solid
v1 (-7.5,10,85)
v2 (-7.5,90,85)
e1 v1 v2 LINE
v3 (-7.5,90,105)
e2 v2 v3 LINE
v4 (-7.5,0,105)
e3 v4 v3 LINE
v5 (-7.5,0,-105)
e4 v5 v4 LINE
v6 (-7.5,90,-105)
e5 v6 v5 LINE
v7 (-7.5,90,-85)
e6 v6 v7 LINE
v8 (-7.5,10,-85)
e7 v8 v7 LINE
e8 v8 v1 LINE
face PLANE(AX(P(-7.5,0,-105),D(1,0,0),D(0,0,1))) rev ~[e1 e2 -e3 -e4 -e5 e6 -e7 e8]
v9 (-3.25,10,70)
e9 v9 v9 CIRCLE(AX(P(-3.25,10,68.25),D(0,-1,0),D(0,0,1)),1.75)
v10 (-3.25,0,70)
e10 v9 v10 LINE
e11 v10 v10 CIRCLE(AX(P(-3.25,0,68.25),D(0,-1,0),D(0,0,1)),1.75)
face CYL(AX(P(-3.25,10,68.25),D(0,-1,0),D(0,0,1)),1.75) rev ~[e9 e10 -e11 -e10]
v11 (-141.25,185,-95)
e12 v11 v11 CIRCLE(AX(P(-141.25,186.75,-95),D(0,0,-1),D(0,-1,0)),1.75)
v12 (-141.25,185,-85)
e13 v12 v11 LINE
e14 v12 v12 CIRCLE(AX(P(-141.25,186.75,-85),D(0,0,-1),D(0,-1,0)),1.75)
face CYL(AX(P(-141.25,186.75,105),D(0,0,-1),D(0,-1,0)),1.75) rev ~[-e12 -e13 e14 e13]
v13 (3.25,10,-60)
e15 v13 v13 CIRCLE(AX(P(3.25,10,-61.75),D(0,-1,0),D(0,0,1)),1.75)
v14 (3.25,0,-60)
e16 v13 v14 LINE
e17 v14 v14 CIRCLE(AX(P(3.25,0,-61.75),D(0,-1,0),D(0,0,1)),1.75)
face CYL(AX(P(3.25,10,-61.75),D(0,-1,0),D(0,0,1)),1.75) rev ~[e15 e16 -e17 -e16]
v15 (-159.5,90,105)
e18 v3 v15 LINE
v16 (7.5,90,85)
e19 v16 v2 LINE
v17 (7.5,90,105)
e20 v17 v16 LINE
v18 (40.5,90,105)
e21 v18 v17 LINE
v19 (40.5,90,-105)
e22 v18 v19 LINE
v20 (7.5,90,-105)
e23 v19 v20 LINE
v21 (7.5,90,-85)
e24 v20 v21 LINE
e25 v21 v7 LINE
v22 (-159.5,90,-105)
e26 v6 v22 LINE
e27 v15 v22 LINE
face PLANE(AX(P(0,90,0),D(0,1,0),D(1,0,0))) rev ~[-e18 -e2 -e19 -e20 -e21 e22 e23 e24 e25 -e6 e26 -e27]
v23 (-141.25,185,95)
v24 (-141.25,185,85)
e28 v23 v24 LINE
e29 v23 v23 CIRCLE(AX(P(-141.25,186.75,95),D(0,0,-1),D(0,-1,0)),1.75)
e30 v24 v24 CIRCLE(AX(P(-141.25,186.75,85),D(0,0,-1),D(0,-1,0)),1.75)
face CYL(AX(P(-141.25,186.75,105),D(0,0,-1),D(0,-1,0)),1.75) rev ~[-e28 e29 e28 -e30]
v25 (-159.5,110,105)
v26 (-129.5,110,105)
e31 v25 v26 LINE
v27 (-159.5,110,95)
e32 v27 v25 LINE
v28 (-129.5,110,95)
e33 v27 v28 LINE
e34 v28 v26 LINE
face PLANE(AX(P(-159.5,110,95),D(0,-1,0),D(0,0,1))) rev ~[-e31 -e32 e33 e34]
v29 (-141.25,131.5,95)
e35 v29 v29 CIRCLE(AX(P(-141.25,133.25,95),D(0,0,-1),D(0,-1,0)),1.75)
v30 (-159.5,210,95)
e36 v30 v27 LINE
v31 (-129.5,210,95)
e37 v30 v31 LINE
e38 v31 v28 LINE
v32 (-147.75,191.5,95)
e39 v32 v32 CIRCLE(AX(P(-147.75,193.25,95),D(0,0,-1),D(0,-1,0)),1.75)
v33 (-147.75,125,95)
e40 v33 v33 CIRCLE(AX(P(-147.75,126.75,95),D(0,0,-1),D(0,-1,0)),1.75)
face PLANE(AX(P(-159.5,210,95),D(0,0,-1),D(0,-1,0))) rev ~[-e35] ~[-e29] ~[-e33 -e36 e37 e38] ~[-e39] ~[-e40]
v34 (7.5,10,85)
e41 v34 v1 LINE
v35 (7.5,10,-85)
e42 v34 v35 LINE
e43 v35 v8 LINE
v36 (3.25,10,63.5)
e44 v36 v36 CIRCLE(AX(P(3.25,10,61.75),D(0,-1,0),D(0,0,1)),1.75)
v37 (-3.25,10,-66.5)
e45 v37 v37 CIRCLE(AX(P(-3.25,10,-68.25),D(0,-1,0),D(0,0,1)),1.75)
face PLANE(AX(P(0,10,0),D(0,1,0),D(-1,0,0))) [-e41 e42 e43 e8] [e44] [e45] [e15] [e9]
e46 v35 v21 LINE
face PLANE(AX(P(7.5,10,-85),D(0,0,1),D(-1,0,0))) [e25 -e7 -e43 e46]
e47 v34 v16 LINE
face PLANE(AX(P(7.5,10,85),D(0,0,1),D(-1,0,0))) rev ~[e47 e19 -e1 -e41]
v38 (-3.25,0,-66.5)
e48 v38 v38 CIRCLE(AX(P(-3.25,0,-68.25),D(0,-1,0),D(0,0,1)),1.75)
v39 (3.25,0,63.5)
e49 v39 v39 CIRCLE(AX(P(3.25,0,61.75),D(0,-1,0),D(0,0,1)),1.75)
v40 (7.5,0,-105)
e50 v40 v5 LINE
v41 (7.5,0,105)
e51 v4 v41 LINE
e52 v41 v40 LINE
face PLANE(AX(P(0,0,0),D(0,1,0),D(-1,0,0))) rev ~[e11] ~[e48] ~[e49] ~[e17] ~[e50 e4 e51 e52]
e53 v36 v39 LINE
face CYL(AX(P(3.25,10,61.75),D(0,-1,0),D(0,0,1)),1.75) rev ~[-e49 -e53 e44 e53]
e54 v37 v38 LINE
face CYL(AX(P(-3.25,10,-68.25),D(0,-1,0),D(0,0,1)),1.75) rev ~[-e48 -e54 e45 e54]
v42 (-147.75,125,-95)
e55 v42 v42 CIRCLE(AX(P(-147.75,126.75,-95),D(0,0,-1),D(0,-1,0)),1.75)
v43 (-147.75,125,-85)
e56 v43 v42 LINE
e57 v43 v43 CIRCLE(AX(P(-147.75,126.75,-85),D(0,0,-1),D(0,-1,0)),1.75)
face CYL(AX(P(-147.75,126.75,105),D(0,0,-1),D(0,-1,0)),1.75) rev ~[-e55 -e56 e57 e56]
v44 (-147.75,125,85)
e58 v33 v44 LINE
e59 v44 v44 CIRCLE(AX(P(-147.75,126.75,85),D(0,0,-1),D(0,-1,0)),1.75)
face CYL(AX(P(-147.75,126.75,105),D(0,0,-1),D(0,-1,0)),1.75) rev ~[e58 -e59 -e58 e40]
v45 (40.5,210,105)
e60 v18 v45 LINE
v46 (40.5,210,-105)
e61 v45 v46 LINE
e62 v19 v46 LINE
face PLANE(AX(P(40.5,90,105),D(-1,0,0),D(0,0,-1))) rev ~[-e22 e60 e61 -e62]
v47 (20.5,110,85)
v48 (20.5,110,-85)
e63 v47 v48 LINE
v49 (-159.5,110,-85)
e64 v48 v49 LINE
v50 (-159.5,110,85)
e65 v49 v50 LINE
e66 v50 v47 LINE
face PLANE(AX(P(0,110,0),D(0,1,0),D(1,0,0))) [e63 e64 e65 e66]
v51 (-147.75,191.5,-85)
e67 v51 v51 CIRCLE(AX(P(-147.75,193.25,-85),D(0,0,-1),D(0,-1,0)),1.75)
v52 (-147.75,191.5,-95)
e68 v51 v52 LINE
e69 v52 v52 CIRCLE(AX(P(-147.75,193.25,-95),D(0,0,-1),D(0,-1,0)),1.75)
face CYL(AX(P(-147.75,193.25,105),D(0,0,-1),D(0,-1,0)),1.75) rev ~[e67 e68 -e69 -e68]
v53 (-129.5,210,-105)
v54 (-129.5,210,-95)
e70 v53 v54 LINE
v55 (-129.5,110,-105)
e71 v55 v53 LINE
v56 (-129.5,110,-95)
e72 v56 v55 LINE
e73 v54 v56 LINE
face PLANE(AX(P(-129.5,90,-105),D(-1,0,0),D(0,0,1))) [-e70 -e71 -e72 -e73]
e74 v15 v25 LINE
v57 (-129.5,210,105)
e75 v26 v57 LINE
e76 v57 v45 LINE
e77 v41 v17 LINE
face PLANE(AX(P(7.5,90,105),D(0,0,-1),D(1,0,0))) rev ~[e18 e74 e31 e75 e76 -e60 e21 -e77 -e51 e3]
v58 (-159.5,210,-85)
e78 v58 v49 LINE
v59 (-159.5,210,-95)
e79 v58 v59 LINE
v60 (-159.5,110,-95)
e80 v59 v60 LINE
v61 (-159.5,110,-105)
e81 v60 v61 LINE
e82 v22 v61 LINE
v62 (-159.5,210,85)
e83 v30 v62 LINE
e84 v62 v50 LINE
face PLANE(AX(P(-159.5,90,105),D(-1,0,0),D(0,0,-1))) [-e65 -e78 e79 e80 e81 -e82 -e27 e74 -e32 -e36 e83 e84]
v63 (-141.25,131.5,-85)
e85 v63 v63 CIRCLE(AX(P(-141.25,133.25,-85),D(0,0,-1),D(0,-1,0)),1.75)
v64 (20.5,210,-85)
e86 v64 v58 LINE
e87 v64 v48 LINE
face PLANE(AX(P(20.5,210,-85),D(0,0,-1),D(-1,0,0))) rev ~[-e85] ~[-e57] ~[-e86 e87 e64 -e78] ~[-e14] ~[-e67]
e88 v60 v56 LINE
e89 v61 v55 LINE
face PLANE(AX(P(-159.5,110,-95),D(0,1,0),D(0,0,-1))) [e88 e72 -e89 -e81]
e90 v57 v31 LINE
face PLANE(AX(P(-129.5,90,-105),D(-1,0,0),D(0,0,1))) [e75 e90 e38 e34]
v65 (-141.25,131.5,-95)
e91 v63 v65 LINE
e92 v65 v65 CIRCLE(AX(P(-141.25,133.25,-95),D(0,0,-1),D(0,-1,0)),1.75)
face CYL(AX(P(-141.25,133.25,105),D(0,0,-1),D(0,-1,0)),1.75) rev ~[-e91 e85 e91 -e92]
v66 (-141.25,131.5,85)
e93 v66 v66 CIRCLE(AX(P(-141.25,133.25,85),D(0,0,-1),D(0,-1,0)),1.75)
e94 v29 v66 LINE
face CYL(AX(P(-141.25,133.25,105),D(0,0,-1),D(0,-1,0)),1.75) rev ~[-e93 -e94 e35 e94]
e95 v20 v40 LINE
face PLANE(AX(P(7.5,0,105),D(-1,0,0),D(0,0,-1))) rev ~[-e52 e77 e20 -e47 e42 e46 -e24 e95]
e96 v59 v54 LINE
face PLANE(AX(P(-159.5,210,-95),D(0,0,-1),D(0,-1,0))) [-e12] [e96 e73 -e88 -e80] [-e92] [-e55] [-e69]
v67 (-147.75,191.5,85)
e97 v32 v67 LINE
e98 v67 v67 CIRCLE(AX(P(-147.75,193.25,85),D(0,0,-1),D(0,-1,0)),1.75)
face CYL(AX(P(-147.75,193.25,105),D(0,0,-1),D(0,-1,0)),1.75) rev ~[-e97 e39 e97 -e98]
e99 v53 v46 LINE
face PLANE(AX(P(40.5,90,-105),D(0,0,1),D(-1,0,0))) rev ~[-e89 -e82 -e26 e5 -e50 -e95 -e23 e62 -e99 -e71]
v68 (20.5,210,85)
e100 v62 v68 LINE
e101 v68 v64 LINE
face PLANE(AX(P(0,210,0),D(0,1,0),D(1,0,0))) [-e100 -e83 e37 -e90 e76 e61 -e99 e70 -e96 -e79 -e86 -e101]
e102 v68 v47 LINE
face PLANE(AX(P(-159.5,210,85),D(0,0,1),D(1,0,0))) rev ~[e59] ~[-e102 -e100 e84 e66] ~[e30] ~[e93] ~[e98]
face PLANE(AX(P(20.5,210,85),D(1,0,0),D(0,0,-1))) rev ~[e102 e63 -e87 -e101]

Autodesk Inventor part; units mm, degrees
ref_plane "YZ Plane" through (0, 0, 0) normal (1, 0, 0) x (0, 1, 0)
ref_plane "XZ Plane" through (0, 0, 0) normal (0, 1, 0) x (-1, 0, 0)
ref_plane "XY Plane" through (0, 0, 0) normal (0, 0, 1) x (1, 0, 0)
sketch "Boceto2" plane through (0, 0, 0) normal (0, 1, 0) x (-1, 0, 0)
  line L0 (7.5, 105) -> (-7.5, 105)
  line L1 (-7.5, 105) -> (-7.5, -105)
  line L2 (-7.5, -105) -> (7.5, -105)
  line L3 (7.5, -105) -> (7.5, 105)
  line L4 (7.5, 105) -> (-7.5, -105) construction
  line L5 (-7.5, 105) -> (7.5, -105) construction
  point P0 (0, 0)
  dimension "d7" = 15
  dimension "d8" = 210
extrude "Extrusión1" add sketch "Boceto2" along normal blind 10
sketch "Boceto3" plane through (0, 10, 0) normal (0, 1, 0) x (1, 0, 0)
  line L0 (5, 60) -> (-5, 60)
  line L1 (-5, 60) -> (-5, 70)
  line L2 (-5, 70) -> (5, 70)
  line L3 (5, 70) -> (5, 60)
  line L4 (5, 60) -> (-5, 70) construction
  line L5 (7.5, 105) -> (-7.5, 105) projected
  line L6 (0, 64.5148) -> (0, 61.9205)
  circle A0 centre (3.25, 61.75) radius 1.75
  circle A1 centre (-3.25, 68.25) radius 1.75
  line L7 (-7.5, 105) -> (-7.5, -105) projected
  line L8 (-7.5, 0) -> (0, 0)
  line L9 (5, -70) -> (5, -60)
  line L10 (-5, -70) -> (5, -70)
  line L11 (5, -60) -> (-5, -60)
  line L12 (-5, -60) -> (-5, -70)
  line L13 (5, -60) -> (-5, -70) construction
  line L14 (0, -64.5148) -> (0, -61.9205)
  circle A2 centre (-3.25, -68.25) radius 1.75
  circle A3 centre (3.25, -61.75) radius 1.75
  point P0 (3.25, 68.25)
  point P1 (-5, 65)
  point P2 (-3.25, 61.75)
  point P3 (0, 105)
  point P4 (3.25, -68.25)
  point P5 (-3.25, -61.75)
  point P6 (-5, -65)
  dimension "d12" = 1.75
  dimension "d13" = 1.75
  dimension "d14" = 1.75
  dimension "d15" = 1.75
  dimension "d16" = 10
  dimension "d17" = 10
  dimension "d19" = 35
  dimension "d67" = 36.75
hole "Agujero1" at (3.25, 10, -61.75) at (-3.25, 10, -68.25) at (-3.25, 10, 68.25) at (3.25, 10, 61.75) direction (0, -1, 0) diameter 3.5 end through all
sketch "Boceto4" plane through (0, 10, 0) normal (0, 1, 0) x (1, 0, 0)
  line L0 (-7.5, 105) -> (-7.5, -105) projected
  line L1 (-7.5, -105) -> (7.5, -105)
  line L2 (7.5, -105) -> (7.5, -85)
  line L3 (7.5, -85) -> (-7.5, -85)
  line L4 (-7.5, -85) -> (-7.5, -105)
  line L5 (-7.5, 0) -> (1.0116, 0)
  line L6 (-7.5, -105) -> (-7.5, 105)
  line L7 (-7.5, 105) -> (7.5, 105)
  line L8 (7.5, 105) -> (7.5, 85)
  line L9 (7.5, 85) -> (-7.5, 85)
  line L10 (-7.5, 85) -> (-7.5, 105)
  point P0 (0, 0)
  dimension "d27" = 15
  dimension "d28" = 20
extrude "Extrusión2" add sketch "Boceto4" along normal blind 80
sketch "Boceto5" plane through (0, 90, 0) normal (0, 1, 0) x (1, 0, 0)
  line L0 (-7.5, -105) -> (7.5, -105) projected
  line L1 (-7.5, -105) -> (40.5, -105)
  line L2 (40.5, -105) -> (40.5, 105)
  line L3 (40.5, 105) -> (-7.5, 105)
  line L4 (-7.5, 105) -> (-7.5, -105)
  line L5 (40.5, -105) -> (-159.5, -105)
  line L6 (-159.5, -105) -> (-159.5, 105)
  line L7 (-159.5, 105) -> (40.5, 105)
  line L8 (40.5, 105) -> (40.5, -105)
  point P0 (0, 0)
  dimension "d31" = 48
  dimension "d32" = 200
extrude "Extrusión3" add sketch "Boceto5" along normal blind 120
sketch "Boceto6" plane through (0, 210, 0) normal (0, 1, 0) x (1, 0, 0)
  line L0 (40.5, 105) -> (7.5, 105) projected
  line L1 (40.5, 105) -> (20.5, 105)
  line L2 (20.5, 105) -> (20.5, 85)
  line L3 (7.5, -105) -> (40.5, -105) projected
  line L4 (24, -105) -> (24, -85)
  line L5 (-159.5, 105) -> (-159.5, -105) projected
  line L6 (20.5, 85) -> (-159.5, 85)
  line L7 (-159.5, 85) -> (-159.5, -85)
  line L8 (-159.5, -85) -> (20.5, -85)
  line L9 (20.5, -85) -> (20.5, 85)
  point P0 (7.5, 85)
  dimension "d36" = 20
  dimension "d37" = 20
  dimension "d38" = 20
extrude "Extrusión4" cut sketch "Boceto6" against normal blind 100
sketch "Boceto7" plane through (-159.5, 90, -105) normal (-1, 0, 0) x (0, 0, 1)
  line L0 (0, 120) -> (20, 120) projected
  line L1 (20, 120) -> (10, 120)
  line L2 (10, 120) -> (10, 20)
  line L3 (10, 20) -> (20, 20)
  line L4 (20, 20) -> (20, 120)
  line L5 (190, 120) -> (190, 20) projected
  line L6 (190, 120) -> (200, 120)
  line L7 (200, 120) -> (200, 20)
  line L8 (200, 20) -> (190, 20)
  line L9 (190, 20) -> (190, 120)
  line L10 (210, 0) -> (210, 120) projected
  line L11 (0, 0) -> (0, 120) projected
  line L12 (0, 120) -> (10, 120)
  line L13 (10, 120) -> (10, 20)
  line L14 (10, 20) -> (0, 20)
  line L15 (0, 20) -> (0, 120)
  line L16 (210, 120) -> (0, 120) projected
  line L17 (210, 120) -> (200, 120)
  line L18 (200, 120) -> (200, 20)
  line L19 (200, 20) -> (210, 20)
  line L20 (210, 20) -> (210, 120)
  point P0 (105, -90)
  dimension "d42" = 10
  dimension "d63" = 10
  dimension "d65" = 10
extrude "Extrusión5" cut sketch "Boceto7" against normal blind 30 contours L0 L2 L14 L11 | L16 L10 L19 L7
sketch "Boceto8" plane through (-7.5, 0, 105) normal (0, 0, 1) x (1, 0, 0)
  line L0 (-122, 210) -> (-122, 110) projected
  line L1 (-132, 185) -> (-142, 185)
  line L2 (-142, 185) -> (-142, 195)
  line L3 (-142, 195) -> (-132, 195)
  line L4 (-132, 195) -> (-132, 185)
  line L5 (-132, 185) -> (-142, 195) construction
  line L6 (-142, 185) -> (-132, 195) construction
  line L7 (-152, 210) -> (48, 210) projected
  line L8 (-113, 160) -> (-128, 160)
  line L9 (-152, 110) -> (-122, 110) projected
  line L10 (-132, 190) -> (-131.5898, 190)
  circle A0 centre (-140.25, 193.25) radius 1.75
  circle A1 centre (-133.75, 186.75) radius 1.75
  line L11 (-132, 125) -> (-132, 135)
  line L12 (-142, 125) -> (-132, 125)
  line L13 (-132, 135) -> (-142, 125) construction
  line L14 (-132, 135) -> (-142, 135)
  line L15 (-142, 135) -> (-132, 125) construction
  line L16 (-142, 135) -> (-142, 125)
  line L17 (-132, 130) -> (-131.5898, 130)
  circle A2 centre (-133.75, 133.25) radius 1.75
  circle A3 centre (-140.25, 126.75) radius 1.75
  line L18 (-152, 110) -> (-152, 210) projected
  point P0 (7.5, 0)
  point P1 (-113, 215)
  point P2 (-133.75, 193.25)
  point P3 (-142, 190)
  point P4 (-140.25, 186.75)
  point P5 (48, 210)
  point P6 (-133.75, 126.75)
  point P7 (-140.25, 133.25)
  point P8 (-143, 115)
  point P9 (-133.75, 126.75)
  point P10 (-140.25, 133.25)
  point P11 (-142, 130)
  dimension "d46" = 1.75
  dimension "d47" = 1.75
  dimension "d48" = 1.75
  dimension "d49" = 1.75
  dimension "d50" = 10
  dimension "d51" = 10
  dimension "d52" = 15
  dimension "d66" = 10
  dimension "d70" = 15
hole "Agujero2" at (-147.75, 193.25, 105) at (-141.25, 186.75, 105) at (-147.75, 126.75, 105) at (-141.25, 133.25, 105) direction (0, 0, -1) diameter 3.5 end through all
properties part number "container_back"
